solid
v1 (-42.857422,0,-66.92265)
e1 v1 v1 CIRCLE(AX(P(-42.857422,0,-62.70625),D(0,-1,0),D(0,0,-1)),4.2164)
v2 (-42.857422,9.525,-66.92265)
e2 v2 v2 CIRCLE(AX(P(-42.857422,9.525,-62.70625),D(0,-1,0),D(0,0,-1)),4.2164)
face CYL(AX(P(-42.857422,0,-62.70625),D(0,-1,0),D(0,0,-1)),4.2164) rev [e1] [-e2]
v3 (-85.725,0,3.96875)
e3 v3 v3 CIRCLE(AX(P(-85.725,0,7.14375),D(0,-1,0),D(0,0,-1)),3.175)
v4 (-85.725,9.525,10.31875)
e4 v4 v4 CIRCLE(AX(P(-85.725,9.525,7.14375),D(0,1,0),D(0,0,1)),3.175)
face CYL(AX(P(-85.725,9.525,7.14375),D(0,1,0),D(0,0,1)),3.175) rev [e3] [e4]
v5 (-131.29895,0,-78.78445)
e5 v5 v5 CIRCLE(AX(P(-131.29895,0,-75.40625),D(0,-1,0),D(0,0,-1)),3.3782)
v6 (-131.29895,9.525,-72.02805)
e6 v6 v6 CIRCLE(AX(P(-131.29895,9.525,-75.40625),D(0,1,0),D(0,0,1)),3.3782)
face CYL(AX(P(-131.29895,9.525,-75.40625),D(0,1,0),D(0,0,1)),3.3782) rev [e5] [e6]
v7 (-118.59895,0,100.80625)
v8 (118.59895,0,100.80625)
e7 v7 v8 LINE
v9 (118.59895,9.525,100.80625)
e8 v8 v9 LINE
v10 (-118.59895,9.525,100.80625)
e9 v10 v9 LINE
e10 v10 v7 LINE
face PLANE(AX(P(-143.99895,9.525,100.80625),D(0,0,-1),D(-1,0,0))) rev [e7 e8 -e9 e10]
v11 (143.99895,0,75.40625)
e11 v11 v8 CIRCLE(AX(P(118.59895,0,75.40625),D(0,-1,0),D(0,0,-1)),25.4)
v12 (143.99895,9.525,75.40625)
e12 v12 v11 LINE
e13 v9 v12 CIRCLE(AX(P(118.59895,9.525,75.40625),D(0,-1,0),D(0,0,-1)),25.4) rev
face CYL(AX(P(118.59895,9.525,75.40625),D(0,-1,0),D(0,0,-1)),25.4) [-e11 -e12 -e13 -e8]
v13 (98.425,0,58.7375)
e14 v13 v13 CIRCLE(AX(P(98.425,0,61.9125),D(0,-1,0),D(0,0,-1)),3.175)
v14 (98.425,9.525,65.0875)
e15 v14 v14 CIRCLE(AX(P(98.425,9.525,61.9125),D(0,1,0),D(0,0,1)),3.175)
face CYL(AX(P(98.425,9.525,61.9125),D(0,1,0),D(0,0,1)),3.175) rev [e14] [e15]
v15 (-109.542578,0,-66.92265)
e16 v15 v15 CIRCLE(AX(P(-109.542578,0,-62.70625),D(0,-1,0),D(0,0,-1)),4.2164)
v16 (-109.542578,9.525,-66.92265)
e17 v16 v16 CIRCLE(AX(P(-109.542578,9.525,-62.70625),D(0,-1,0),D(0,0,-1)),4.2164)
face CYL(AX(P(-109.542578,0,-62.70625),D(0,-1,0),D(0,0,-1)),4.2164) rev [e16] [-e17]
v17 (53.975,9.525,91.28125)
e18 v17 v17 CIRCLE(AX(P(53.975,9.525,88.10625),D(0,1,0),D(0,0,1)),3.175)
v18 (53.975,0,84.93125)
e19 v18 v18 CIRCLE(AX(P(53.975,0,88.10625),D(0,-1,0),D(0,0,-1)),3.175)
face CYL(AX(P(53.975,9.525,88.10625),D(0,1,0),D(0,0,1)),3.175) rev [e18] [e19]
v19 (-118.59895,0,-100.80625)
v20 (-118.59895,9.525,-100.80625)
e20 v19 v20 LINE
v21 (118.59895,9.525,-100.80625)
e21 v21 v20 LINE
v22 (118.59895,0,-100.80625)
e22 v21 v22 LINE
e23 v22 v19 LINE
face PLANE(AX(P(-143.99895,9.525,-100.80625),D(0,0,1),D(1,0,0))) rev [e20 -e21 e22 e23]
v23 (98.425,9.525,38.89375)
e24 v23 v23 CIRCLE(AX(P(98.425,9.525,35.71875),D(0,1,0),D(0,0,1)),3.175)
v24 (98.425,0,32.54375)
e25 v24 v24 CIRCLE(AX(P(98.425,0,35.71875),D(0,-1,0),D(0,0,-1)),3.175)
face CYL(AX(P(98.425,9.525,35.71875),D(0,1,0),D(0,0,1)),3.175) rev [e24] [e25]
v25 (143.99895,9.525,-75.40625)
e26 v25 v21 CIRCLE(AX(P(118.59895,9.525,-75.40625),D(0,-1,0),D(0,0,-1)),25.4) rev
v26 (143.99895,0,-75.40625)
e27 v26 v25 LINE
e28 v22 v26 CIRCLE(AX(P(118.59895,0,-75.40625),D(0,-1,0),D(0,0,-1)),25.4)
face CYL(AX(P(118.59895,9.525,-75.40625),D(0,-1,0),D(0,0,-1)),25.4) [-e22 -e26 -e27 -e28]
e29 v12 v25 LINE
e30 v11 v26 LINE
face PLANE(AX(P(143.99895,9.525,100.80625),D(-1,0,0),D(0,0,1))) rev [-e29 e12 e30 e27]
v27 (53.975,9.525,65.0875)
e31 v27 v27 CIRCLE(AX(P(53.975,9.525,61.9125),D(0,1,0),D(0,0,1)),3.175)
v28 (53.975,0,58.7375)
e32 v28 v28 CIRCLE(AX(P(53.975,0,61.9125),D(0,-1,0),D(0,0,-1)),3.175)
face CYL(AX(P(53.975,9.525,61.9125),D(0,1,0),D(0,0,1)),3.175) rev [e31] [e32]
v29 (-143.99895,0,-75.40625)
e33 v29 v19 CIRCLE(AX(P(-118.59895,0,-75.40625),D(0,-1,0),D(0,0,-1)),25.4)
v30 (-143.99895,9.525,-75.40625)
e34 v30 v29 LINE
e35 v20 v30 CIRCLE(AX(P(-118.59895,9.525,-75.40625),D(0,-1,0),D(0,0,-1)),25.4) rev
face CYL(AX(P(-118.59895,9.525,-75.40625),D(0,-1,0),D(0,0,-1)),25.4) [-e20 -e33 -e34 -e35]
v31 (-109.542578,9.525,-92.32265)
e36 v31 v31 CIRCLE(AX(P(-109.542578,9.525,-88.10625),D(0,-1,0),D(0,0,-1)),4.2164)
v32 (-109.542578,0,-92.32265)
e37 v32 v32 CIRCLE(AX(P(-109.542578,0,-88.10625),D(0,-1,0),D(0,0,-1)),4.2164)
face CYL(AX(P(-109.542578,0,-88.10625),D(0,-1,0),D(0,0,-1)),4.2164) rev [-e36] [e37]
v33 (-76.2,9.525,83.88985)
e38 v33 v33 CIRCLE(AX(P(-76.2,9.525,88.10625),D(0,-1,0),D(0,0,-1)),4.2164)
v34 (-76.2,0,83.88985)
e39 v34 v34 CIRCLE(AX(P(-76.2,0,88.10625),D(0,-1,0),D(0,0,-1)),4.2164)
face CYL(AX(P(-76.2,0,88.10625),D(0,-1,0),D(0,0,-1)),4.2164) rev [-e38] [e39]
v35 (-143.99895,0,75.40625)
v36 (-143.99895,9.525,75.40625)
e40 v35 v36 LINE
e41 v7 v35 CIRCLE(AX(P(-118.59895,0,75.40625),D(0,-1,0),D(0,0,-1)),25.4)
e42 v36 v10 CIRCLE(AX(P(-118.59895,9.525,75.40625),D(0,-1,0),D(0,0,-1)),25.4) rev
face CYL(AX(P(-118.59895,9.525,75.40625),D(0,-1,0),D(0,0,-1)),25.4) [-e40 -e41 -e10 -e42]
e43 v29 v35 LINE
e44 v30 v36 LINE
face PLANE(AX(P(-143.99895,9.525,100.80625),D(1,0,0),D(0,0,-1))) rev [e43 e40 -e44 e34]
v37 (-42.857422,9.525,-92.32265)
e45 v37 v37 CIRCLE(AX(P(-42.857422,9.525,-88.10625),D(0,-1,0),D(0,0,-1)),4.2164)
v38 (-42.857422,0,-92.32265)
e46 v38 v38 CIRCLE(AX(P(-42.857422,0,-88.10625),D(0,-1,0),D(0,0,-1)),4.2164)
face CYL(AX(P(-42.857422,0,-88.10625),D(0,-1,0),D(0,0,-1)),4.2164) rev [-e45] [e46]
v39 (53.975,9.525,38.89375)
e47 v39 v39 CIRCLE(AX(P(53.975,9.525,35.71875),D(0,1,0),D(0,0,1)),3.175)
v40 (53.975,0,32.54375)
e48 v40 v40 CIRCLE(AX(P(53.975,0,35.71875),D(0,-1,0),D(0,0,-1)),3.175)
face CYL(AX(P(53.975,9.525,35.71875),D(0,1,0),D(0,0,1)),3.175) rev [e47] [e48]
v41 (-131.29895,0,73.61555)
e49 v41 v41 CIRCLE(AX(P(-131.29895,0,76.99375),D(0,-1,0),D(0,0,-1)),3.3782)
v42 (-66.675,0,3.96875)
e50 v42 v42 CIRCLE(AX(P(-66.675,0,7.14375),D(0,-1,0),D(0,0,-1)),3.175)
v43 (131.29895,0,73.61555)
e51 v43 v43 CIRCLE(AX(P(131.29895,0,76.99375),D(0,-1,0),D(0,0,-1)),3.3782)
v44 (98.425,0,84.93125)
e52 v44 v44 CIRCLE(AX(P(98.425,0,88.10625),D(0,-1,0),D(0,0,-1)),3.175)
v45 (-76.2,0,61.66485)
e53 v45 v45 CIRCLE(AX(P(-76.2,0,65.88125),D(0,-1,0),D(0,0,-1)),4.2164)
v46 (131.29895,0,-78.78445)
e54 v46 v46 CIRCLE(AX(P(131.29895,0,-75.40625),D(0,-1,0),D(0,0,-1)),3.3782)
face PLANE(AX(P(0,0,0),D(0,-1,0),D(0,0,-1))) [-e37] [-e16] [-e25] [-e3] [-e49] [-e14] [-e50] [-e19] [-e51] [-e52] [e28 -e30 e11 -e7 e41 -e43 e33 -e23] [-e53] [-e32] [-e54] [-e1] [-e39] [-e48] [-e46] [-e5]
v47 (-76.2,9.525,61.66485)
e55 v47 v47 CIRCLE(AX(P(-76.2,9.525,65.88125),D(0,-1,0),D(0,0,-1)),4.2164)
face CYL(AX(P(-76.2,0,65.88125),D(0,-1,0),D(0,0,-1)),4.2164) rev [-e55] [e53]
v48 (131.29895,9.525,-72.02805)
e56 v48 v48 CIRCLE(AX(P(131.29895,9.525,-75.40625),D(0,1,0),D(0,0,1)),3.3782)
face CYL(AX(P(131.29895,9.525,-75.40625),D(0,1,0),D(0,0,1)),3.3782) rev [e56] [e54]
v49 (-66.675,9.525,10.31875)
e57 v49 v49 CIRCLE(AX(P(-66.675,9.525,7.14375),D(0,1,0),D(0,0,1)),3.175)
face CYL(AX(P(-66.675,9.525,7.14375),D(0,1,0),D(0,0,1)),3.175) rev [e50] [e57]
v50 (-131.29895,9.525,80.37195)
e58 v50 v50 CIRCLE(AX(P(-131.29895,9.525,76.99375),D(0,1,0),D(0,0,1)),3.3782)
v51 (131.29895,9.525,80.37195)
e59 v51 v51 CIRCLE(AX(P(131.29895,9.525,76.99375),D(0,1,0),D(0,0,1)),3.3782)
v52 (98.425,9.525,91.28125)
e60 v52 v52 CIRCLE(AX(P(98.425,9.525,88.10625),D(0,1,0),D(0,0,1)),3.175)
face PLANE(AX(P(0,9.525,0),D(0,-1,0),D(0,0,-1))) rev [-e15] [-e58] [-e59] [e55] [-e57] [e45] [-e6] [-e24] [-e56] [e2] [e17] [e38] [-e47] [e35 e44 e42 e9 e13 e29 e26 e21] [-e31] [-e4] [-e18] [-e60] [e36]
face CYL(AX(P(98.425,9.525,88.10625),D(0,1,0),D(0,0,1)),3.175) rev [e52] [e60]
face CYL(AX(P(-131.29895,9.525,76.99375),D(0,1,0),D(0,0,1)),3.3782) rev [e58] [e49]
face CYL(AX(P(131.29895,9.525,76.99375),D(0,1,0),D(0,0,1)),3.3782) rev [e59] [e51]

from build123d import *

# Parameters (mm, degrees)
SKETCH1_W                       = 287.9979
SKETCH1_H                       = 201.6125
BOSS_EXTRUDE1_DEPTH             = 9.525
FILLET2_R                       = 25.4
F_1_4_CLEARANCE_HOLE1_D         = 6.7564
F_1_4_CLEARANCE_HOLE1_DEPTH     = 21.59
F_1_4_CLEARANCE_HOLE1_TIP       = 2.029827343
F_5_16_CLEARANCE_HOLE1_D        = 8.4328
F_1_4_0_25_DIAMETER_HOLE2_D     = 6.35
F_1_4_0_25_DIAMETER_HOLE2_DEPTH = 21.59
F_1_4_0_25_DIAMETER_HOLE2_TIP   = 1.907732465


with BuildPart() as part:
    # Sketch1 → Boss-Extrude1 (new body)
    with BuildSketch(Plane(origin=(0, 0, 0), x_dir=(1, 0, 0), z_dir=(0, 1, 0))):
        Rectangle(SKETCH1_W, SKETCH1_H)
    extrude(amount=BOSS_EXTRUDE1_DEPTH)

    # Fillet2
    fillet2_edges = [part.edges().sort_by_distance(p)[0] for p in [
        (143.99895, 4.7625, 100.80625),
        (-143.99895, 4.7625, 100.80625),
        (-143.99895, 4.7625, -100.80625),
        (143.99895, 4.7625, -100.80625),
    ]]
    fillet(fillet2_edges, radius=FILLET2_R)

    # 1/4 Clearance Hole1
    with Locations(Plane(origin=(0, 9.525, 0), x_dir=(1, 0, 0), z_dir=(0, 1, 0))):
        with Locations((-131.29895, 75.40625), (131.29895, 75.40625), (131.29895, -76.99375), (-131.29895, -76.99375)):
            Hole(F_1_4_CLEARANCE_HOLE1_D / 2, depth=F_1_4_CLEARANCE_HOLE1_DEPTH)
            with Locations((0, 0, -(F_1_4_CLEARANCE_HOLE1_DEPTH + F_1_4_CLEARANCE_HOLE1_TIP / 2))):  # 118° drill point
                Cone(0, F_1_4_CLEARANCE_HOLE1_D / 2, F_1_4_CLEARANCE_HOLE1_TIP, mode=Mode.SUBTRACT)

    # 5/16 Clearance Hole1 (through all)
    with Locations(Plane(origin=(0, 0, 0), x_dir=(-1, 0, 0), z_dir=(0, -1, 0))):
        with Locations((76.2, -88.10625), (76.2, -65.88125), (42.857421778, 88.10625), (109.542578222, 62.70625), (42.857421778, 62.70625), (109.542578222, 88.10625)):
            Hole(F_5_16_CLEARANCE_HOLE1_D / 2)

    # 1/4 (0.25) Diameter Hole2
    with Locations(Plane(origin=(0, 9.525, 0), x_dir=(1, 0, 0), z_dir=(0, 1, 0))):
        with Locations((53.975, -35.71875), (98.425, -35.71875), (98.425, -61.9125), (98.425, -88.10625), (53.975, -88.10625), (53.975, -61.9125), (-66.675, -7.14375), (-85.725, -7.14375)):
            Hole(F_1_4_0_25_DIAMETER_HOLE2_D / 2, depth=F_1_4_0_25_DIAMETER_HOLE2_DEPTH)
            with Locations((0, 0, -(F_1_4_0_25_DIAMETER_HOLE2_DEPTH + F_1_4_0_25_DIAMETER_HOLE2_TIP / 2))):  # 118° drill point
                Cone(0, F_1_4_0_25_DIAMETER_HOLE2_D / 2, F_1_4_0_25_DIAMETER_HOLE2_TIP, mode=Mode.SUBTRACT)


solid = part.part
